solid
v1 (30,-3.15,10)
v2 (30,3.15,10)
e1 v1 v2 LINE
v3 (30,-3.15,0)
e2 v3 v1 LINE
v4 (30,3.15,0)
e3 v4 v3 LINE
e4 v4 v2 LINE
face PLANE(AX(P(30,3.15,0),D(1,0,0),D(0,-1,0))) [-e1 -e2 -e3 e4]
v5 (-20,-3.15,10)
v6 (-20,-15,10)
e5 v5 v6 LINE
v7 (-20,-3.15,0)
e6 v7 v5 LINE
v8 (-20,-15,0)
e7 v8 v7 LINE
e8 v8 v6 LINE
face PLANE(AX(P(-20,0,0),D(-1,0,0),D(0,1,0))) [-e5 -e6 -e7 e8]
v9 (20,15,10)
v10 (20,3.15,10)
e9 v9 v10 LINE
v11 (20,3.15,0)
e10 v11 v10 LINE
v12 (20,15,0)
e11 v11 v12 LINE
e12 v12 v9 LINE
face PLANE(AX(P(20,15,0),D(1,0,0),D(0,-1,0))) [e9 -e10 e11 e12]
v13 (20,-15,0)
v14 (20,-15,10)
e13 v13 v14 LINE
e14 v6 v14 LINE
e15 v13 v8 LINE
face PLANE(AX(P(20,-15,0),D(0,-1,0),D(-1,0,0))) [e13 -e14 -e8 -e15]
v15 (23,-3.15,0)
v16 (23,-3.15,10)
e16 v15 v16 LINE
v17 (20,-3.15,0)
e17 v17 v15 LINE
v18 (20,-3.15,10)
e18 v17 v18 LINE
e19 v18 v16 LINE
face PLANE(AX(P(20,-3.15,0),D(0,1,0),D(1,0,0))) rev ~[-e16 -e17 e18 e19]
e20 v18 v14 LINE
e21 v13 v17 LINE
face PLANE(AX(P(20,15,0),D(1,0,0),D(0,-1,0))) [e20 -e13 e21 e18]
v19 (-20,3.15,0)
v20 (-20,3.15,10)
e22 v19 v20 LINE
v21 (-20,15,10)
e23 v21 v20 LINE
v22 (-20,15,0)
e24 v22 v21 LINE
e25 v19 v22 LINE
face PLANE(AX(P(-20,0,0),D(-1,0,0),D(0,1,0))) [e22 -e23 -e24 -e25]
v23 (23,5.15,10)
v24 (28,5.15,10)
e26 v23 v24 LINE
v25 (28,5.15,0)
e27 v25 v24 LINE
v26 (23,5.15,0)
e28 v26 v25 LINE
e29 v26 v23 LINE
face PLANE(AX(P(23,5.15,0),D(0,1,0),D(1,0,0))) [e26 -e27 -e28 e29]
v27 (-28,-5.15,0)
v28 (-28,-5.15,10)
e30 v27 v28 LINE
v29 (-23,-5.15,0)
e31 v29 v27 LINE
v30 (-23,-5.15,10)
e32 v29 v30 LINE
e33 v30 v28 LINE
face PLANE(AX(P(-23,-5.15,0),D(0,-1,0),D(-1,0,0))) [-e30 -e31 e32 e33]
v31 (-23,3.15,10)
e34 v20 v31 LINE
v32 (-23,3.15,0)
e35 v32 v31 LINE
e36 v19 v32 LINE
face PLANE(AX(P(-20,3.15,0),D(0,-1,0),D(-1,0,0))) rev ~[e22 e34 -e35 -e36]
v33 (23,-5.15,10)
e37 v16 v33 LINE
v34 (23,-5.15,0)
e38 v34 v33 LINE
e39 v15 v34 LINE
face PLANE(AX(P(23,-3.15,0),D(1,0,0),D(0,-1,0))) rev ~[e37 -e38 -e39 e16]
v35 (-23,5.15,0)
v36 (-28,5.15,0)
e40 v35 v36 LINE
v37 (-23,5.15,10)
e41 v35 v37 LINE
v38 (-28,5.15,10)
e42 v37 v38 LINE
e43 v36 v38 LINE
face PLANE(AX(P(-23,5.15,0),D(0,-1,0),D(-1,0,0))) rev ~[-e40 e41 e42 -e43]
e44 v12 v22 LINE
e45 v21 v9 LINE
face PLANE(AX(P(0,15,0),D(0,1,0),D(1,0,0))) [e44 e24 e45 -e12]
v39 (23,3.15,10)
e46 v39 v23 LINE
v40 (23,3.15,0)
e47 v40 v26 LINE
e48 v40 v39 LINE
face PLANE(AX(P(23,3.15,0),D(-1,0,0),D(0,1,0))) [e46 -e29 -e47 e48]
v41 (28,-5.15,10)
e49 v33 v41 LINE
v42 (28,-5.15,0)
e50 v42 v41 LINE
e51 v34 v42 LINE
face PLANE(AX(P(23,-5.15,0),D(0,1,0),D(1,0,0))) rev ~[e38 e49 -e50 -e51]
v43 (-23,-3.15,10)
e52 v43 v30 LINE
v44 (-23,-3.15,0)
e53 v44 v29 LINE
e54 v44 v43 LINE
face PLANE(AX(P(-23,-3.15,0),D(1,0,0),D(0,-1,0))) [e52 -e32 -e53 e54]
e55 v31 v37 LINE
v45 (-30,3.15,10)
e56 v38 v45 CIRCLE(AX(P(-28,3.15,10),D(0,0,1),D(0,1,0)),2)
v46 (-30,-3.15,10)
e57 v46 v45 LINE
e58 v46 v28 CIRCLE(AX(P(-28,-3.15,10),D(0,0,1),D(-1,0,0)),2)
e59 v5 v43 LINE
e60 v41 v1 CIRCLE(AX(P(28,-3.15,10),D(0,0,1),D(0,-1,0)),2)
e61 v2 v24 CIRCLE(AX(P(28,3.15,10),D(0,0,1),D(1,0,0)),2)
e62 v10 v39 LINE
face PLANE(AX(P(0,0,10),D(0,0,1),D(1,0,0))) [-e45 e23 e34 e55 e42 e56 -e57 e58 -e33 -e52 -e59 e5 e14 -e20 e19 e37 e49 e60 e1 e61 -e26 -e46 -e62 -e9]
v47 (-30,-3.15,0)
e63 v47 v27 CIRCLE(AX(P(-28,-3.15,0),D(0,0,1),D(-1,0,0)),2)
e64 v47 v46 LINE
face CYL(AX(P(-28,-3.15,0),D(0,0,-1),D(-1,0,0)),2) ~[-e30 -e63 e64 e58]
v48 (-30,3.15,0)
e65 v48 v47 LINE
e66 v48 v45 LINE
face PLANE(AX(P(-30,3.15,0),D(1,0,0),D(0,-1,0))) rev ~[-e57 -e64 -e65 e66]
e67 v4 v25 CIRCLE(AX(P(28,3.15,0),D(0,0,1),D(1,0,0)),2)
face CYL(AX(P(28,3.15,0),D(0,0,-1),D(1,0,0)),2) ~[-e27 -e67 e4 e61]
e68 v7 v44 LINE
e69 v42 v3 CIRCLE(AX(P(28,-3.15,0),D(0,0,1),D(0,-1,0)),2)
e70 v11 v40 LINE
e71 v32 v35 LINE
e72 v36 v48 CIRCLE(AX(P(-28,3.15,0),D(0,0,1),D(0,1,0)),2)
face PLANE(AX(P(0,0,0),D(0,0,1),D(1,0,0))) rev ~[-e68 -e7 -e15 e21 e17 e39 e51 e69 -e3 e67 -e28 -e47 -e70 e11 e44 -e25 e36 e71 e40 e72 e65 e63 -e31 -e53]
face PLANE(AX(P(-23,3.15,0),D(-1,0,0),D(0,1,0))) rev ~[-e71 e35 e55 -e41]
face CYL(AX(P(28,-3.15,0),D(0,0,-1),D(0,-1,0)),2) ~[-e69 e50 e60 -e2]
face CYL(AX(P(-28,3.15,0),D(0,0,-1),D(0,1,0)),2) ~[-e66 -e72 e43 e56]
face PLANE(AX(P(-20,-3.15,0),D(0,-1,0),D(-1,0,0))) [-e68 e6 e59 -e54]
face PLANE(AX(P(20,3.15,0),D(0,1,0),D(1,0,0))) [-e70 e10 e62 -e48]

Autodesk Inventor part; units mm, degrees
ref_plane "YZ Plane" through (0, 0, 0) normal (1, 0, 0) x (0, 1, 0)
ref_plane "XZ Plane" through (0, 0, 0) normal (0, 1, 0) x (-1, 0, 0)
ref_plane "XY Plane" through (0, 0, 0) normal (0, 0, 1) x (1, 0, 0)
sketch "Náčrt1" plane through (0, 0, 0) normal (0, 0, 1) x (1, 0, 0)
  line L0 (0, 21) -> (0, -21) projected
  line L1 (-28, 0) -> (28, 0) projected
  line L2 (-20, 15) -> (20, 15)
  line L3 (20, 15) -> (20, -15)
  line L4 (20, -15) -> (-20, -15)
  line L5 (-20, -15) -> (-20, 15)
  point P0 (0, 0)
  dimension "d0" = 30
  dimension "d1" = 40
extrude "Vysunutí1" add sketch "Náčrt1" along normal blind 10
sketch "Náčrt3" plane through (0, 0, 0) normal (0, 0, 1) x (1, 0, 0)
  line L0 (-42.5799, 0) -> (42.5799, 0) projected
  line L1 (0, -21) -> (0, 21) projected
  line L2 (-20, -15) -> (20, -15) projected
  line L3 (-20, 15) -> (-20, -15) projected
  line L4 (20, 15) -> (-20, 15) projected
  line L5 (20, -15) -> (20, 15) projected
  line L6 (20, 3.15) -> (23, 3.15)
  line L7 (23, 3.15) -> (23, 5.15)
  line L8 (23, 5.15) -> (28, 5.15)
  line L9 (30, 3.15) -> (30, 0)
  line L10 (-42.5799, 0) -> (42.5799, 0) projected
  line L11 (20, 3.15) -> (20, 0)
  line L12 (20, -15) -> (20, 15) projected
  line L13 (20, -3.15) -> (23, -3.15)
  line L14 (23, -3.15) -> (23, -5.15)
  line L15 (23, -5.15) -> (28, -5.15)
  line L16 (30, -3.15) -> (30, 0)
  line L17 (20, -3.15) -> (20, 0)
  arc A0 (30, 3.15) -> (28, 5.15) centre (28, 3.15) ccw
  arc A1 (28, -5.15) -> (30, -3.15) centre (28, -3.15) ccw
  line L18 (-20, 3.15) -> (-23, 3.15)
  line L19 (-23, 3.15) -> (-23, 5.15)
  line L20 (-23, 5.15) -> (-28, 5.15)
  line L21 (-30, 3.15) -> (-30, 0)
  line L22 (-20, 3.15) -> (-20, 0)
  line L23 (-20, -3.15) -> (-23, -3.15)
  line L24 (-23, -3.15) -> (-23, -5.15)
  line L25 (-23, -5.15) -> (-28, -5.15)
  line L26 (-30, -3.15) -> (-30, 0)
  line L27 (-20, -3.15) -> (-20, 0)
  arc A2 (-28, 5.15) -> (-30, 3.15) centre (-28, 3.15) ccw
  arc A3 (-30, -3.15) -> (-28, -5.15) centre (-28, -3.15) ccw
  point P0 (0, 0)
  point P1 (30, 5.15)
  point P2 (30, -5.15)
  dimension "d6" = 3
  dimension "d7" = 2
  dimension "d8" = 7
  dimension "d9" = 5.15
  dimension "d10" = 2
  dimension "d11" = 2
extrude "Vysunutí2" add sketch "Náčrt3" along normal blind 10 contours L21 A2 L20 L19 L18 L3 L0 | L0 L3 L23 L24 L25 A3 L26 | L5 L6 L7 L8 A0 L9 L0 | L0 L16 A1 L15 L14 L13 L5
properties part number "zebro_ac30_8_3D tisk"
